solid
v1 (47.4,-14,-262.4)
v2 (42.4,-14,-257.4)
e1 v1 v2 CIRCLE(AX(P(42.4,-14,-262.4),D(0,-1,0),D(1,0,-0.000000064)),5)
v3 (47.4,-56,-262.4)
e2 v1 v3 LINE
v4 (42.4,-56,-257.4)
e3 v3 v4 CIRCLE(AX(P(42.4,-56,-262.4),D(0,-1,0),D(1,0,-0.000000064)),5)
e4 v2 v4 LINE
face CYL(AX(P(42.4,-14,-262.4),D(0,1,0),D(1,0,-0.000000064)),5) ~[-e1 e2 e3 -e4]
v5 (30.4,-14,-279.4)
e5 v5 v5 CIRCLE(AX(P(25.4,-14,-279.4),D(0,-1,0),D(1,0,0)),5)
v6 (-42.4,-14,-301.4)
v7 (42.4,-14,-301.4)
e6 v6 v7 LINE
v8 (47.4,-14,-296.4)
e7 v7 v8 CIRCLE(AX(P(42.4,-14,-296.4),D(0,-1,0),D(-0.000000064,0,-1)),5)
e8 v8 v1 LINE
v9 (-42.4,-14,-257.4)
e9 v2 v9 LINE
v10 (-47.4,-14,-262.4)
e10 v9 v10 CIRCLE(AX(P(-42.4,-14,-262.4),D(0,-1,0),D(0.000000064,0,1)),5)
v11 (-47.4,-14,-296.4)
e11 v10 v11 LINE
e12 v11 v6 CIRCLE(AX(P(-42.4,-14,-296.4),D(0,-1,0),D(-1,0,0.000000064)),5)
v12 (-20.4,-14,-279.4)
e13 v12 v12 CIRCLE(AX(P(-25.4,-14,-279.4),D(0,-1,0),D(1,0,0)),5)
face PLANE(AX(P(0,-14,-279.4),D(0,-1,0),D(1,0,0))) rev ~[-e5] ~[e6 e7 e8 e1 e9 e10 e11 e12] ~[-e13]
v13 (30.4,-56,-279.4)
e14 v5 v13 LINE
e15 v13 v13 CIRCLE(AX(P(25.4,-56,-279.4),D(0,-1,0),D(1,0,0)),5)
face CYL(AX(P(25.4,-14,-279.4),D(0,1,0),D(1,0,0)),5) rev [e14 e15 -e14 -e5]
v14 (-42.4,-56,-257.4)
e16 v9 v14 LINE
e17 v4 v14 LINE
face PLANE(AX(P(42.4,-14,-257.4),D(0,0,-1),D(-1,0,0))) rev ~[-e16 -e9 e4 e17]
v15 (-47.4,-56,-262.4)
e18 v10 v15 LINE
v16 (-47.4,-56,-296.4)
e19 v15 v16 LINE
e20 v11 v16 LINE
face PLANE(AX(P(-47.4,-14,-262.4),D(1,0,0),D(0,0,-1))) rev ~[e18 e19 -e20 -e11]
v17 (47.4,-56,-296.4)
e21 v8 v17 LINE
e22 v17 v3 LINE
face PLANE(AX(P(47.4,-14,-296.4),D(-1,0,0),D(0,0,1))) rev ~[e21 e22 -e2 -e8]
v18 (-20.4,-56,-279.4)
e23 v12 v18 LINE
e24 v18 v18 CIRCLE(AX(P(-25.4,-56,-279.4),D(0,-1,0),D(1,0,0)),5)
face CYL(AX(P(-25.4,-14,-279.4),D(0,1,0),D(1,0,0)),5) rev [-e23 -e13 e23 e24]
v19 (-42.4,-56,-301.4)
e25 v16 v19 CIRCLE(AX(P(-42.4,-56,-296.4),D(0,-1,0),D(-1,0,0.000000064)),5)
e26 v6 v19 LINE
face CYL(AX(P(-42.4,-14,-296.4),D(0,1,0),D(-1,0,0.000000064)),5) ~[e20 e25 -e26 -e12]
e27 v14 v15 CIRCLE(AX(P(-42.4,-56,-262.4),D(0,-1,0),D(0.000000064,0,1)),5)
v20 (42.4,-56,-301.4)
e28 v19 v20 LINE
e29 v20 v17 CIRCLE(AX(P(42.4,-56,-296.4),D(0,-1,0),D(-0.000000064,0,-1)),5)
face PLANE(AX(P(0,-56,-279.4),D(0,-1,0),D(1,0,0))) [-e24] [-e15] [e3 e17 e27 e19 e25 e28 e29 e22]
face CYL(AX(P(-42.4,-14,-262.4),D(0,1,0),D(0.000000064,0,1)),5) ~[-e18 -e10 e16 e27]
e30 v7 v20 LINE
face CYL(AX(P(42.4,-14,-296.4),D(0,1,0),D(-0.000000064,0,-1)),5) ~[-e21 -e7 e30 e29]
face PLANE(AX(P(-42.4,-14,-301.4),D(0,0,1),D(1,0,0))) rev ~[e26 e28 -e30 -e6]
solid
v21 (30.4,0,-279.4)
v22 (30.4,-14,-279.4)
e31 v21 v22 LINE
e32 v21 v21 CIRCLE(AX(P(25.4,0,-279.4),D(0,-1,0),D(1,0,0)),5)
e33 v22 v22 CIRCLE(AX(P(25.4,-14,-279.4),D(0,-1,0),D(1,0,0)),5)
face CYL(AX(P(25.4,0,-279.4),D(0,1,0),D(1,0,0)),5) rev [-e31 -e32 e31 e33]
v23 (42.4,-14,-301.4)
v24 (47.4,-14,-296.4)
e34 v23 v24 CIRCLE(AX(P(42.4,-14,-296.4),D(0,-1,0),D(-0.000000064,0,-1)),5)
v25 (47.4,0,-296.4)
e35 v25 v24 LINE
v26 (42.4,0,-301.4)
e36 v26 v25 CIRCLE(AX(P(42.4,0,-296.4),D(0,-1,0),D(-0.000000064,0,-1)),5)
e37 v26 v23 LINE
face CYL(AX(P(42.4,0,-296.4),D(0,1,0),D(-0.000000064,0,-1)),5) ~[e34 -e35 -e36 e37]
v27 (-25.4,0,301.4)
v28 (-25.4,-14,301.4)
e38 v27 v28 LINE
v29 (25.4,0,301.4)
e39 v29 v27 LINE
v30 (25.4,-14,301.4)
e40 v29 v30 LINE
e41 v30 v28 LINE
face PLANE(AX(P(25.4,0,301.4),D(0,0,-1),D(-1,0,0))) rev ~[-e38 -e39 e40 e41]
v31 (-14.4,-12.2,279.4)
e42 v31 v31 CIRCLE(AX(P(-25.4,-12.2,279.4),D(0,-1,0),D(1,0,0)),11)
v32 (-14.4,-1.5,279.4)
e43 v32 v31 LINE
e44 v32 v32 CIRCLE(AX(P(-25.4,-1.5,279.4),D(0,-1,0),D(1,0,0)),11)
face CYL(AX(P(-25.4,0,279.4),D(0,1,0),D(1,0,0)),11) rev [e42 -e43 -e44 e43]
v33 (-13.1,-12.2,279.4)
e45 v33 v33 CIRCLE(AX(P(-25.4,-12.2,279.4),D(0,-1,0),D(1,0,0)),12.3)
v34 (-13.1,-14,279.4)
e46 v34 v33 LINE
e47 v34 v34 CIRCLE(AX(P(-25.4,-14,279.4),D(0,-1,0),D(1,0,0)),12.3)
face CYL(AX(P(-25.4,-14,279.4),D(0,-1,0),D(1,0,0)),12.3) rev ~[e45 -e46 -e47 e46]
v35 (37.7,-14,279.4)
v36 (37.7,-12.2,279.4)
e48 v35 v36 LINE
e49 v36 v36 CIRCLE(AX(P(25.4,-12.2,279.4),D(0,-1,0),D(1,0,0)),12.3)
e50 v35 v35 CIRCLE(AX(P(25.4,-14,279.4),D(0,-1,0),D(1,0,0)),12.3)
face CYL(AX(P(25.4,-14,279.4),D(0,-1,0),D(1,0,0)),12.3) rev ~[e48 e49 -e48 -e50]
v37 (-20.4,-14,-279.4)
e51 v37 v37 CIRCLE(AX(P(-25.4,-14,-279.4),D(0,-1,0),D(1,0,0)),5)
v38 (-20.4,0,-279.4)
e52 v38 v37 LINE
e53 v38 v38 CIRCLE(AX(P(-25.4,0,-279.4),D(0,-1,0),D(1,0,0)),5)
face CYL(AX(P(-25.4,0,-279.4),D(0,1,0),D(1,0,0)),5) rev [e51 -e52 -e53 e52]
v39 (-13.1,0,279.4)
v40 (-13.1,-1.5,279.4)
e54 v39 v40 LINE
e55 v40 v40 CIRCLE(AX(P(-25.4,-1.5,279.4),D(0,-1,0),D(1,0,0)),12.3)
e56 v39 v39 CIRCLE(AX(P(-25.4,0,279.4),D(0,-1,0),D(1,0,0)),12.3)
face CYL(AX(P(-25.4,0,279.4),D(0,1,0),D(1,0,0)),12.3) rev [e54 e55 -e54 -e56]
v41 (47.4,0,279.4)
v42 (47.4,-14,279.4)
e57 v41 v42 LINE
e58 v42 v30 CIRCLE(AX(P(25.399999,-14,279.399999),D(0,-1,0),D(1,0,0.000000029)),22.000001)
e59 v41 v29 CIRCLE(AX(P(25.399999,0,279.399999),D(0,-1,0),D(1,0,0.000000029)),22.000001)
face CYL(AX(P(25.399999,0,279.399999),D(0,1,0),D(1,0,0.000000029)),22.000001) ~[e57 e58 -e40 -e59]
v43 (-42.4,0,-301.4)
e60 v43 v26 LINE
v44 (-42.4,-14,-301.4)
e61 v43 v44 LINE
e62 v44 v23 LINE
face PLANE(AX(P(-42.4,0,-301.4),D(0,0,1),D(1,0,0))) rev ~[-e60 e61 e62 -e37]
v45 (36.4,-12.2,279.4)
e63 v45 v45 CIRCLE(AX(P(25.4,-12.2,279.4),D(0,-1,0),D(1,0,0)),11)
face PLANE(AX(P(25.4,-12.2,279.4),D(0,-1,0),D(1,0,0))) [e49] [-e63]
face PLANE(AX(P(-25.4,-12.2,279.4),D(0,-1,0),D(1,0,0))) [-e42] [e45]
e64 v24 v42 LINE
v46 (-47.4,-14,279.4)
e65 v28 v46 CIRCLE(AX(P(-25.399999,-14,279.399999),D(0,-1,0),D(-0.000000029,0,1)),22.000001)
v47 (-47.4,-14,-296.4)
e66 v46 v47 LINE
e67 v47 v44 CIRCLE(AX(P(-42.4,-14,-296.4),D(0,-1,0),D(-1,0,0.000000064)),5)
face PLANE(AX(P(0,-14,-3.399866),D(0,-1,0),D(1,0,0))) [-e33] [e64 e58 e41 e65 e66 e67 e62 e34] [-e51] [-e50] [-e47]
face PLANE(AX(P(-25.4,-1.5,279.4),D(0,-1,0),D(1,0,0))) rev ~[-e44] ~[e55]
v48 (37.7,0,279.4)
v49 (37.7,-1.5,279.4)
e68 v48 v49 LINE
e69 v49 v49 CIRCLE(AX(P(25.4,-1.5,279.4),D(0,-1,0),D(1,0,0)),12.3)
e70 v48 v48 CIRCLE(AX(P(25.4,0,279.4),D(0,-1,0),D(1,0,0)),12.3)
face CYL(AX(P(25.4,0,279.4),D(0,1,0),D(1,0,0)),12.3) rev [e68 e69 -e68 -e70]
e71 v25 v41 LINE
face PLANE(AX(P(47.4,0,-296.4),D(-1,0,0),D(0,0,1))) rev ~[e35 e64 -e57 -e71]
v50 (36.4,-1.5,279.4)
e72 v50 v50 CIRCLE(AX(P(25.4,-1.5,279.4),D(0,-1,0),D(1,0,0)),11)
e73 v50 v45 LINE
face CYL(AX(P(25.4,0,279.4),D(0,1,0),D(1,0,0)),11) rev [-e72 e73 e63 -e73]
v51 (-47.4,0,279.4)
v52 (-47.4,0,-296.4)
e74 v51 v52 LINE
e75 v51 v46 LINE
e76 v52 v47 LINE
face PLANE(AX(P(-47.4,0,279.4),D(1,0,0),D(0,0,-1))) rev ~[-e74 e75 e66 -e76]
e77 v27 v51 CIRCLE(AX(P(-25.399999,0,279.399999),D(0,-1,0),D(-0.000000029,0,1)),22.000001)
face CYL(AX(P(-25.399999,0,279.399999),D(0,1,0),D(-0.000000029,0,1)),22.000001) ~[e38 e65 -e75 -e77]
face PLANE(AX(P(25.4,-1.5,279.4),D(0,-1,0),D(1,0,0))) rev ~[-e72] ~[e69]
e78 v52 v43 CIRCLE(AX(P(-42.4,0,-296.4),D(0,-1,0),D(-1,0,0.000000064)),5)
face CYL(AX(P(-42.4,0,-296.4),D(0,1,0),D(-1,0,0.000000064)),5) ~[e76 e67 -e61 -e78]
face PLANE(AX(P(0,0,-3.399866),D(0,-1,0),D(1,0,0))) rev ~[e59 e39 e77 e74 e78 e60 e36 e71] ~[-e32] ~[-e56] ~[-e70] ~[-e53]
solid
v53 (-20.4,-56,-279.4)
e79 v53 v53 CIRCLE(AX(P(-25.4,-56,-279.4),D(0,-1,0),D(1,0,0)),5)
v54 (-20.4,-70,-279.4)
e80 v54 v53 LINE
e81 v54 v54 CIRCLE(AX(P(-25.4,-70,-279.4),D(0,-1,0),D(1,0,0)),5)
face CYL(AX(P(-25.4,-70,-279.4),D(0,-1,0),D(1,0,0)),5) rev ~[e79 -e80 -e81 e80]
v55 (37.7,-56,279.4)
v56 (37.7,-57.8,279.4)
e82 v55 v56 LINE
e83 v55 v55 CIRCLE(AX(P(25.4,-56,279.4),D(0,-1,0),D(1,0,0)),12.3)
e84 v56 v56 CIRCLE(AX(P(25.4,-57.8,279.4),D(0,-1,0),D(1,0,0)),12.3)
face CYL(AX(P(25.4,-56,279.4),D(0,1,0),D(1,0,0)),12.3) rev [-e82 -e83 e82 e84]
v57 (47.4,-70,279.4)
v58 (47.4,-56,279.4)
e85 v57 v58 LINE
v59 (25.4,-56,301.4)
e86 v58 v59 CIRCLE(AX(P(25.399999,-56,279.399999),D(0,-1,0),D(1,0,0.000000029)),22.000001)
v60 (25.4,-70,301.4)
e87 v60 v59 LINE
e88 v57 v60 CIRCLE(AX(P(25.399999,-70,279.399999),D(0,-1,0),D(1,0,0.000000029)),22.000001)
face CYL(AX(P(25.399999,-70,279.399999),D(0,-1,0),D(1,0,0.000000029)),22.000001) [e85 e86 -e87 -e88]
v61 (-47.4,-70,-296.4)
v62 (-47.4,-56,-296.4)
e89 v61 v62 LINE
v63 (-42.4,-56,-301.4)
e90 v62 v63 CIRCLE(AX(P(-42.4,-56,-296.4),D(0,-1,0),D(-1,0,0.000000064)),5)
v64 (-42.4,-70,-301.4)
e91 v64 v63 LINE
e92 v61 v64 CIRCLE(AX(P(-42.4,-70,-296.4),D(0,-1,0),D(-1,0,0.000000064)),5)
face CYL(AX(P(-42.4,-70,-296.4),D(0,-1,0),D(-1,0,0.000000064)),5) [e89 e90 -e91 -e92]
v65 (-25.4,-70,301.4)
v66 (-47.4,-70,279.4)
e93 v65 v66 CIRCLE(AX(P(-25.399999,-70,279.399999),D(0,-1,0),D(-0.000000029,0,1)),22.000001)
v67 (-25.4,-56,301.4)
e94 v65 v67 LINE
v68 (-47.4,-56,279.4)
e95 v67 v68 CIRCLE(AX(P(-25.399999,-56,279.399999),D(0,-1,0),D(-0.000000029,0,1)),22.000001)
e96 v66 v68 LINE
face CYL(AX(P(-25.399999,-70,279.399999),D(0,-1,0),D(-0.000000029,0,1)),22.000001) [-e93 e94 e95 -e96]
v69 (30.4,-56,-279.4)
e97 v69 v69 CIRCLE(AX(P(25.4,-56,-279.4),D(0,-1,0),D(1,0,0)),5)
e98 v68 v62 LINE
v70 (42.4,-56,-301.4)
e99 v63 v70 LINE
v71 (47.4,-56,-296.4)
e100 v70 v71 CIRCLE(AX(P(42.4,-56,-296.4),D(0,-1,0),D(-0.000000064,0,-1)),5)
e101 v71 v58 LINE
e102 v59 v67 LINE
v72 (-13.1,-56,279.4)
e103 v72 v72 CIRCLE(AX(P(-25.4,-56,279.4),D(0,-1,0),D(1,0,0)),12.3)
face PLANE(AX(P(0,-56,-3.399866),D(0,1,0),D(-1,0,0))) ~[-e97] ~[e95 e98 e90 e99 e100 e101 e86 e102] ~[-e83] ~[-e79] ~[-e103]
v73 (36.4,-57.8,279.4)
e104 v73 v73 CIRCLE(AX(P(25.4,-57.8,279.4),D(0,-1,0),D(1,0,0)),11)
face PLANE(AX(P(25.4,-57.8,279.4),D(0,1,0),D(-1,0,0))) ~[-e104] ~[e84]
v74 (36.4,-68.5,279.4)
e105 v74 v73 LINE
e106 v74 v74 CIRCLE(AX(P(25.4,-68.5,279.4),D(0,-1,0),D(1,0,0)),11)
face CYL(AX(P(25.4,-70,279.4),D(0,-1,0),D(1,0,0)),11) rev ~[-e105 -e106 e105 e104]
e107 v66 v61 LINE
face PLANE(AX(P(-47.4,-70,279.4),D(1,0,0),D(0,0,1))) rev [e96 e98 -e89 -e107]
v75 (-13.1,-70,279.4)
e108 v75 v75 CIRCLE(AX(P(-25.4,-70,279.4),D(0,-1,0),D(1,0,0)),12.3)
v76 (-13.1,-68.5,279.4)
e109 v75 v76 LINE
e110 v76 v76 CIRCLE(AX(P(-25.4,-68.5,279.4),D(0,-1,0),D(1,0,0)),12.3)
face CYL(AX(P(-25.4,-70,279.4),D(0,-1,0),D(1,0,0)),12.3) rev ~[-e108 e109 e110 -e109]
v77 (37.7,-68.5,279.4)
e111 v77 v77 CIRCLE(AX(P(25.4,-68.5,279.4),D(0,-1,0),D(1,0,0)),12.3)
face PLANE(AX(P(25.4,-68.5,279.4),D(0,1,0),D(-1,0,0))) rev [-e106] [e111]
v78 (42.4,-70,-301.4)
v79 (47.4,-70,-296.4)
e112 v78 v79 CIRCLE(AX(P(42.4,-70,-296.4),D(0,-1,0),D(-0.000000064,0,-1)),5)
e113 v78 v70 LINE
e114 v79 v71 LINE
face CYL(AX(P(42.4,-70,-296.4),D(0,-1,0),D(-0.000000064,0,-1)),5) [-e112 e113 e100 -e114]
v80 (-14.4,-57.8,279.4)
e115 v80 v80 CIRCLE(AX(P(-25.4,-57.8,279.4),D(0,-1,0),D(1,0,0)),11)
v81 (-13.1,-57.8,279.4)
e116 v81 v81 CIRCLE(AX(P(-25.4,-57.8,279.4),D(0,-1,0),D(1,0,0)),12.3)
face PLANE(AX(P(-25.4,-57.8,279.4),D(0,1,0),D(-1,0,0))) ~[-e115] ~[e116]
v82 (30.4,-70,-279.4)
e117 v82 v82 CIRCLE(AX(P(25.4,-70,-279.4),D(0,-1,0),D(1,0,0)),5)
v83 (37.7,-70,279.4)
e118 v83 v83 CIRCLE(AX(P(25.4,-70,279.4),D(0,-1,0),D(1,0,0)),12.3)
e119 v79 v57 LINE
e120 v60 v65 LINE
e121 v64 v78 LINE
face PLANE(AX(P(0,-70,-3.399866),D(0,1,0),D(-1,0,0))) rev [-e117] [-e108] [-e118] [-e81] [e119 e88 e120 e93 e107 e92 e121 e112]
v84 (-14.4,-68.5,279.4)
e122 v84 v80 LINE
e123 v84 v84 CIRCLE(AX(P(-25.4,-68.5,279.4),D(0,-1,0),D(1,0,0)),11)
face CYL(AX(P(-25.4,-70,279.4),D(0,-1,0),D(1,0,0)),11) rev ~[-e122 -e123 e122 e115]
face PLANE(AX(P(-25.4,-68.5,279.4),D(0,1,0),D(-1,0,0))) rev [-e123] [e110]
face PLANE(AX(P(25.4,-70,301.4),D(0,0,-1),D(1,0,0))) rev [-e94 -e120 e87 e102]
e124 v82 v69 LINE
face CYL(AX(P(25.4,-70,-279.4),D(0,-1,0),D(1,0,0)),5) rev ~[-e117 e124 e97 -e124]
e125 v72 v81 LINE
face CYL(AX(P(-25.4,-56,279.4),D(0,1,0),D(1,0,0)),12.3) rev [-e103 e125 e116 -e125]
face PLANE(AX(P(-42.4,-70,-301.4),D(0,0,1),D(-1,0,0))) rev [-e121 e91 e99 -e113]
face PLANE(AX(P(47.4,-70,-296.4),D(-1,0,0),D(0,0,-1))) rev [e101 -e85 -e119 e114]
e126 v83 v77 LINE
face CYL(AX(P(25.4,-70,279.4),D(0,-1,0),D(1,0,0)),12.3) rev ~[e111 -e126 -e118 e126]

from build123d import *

# Parameters (mm, degrees)
F0_R     = 5
F0_R_2   = 12.3
F0_R_3   = 11
F1_DEPTH = 14
F2_DEPTH = 1.5
F3_R     = 12.3
F3_R_2   = 11
F4_DEPTH = 1.8
F5_R     = 5
F6_DEPTH = 42


with BuildPart() as f1:
    # F0 (on Front) → F1 (new body)
    with BuildSketch(Plane.XZ):
        with BuildLine():
            Line((25.4, 301.4), (-25.4, 301.4))
            ThreePointArc((-25.4, 301.4), (-40.956349, 294.956349), (-47.4, 279.4))
            Line((-47.4, 279.4), (-47.4, -296.4))
            ThreePointArc((-47.4, -296.4), (-45.935534, -299.935534), (-42.4, -301.4))
            Line((-42.4, -301.4), (42.4, -301.4))
            ThreePointArc((42.4, -301.4), (45.935534, -299.935534), (47.4, -296.4))
            Line((47.4, -296.4), (47.4, 279.4))
            ThreePointArc((47.4, 279.4), (40.956349, 294.956349), (25.4, 301.4))
        make_face()
        with Locations((-25.4, -279.4)):
            Circle(F0_R, mode=Mode.SUBTRACT)
        with Locations((25.4, -279.4)):
            Circle(F0_R, mode=Mode.SUBTRACT)
        with Locations((-25.4, 279.4)):
            Circle(F0_R_2, mode=Mode.SUBTRACT)
        with Locations((25.4, 279.4)):
            Circle(F0_R_2, mode=Mode.SUBTRACT)
        with Locations((-25.4, 279.4)):
            Circle(F0_R_2)
        with Locations((-25.4, 279.4)):
            Circle(F0_R_3, mode=Mode.SUBTRACT)
        with Locations((25.4, 279.4)):
            Circle(F0_R_2)
        with Locations((25.4, 279.4)):
            Circle(F0_R_3, mode=Mode.SUBTRACT)
    extrude(amount=F1_DEPTH)

    # F0 (on Front) → F2 (cut)
    with BuildSketch(Plane.XZ):
        with Locations((-25.4, 279.4)):
            Circle(F0_R_2)
        with Locations((-25.4, 279.4)):
            Circle(F0_R_3, mode=Mode.SUBTRACT)
        with Locations((25.4, 279.4)):
            Circle(F0_R_2)
        with Locations((25.4, 279.4)):
            Circle(F0_R_3, mode=Mode.SUBTRACT)
    extrude(amount=F2_DEPTH, mode=Mode.SUBTRACT)

    # F3 (on face) → F4 (cut)
    with BuildSketch(Plane.XZ.offset(14)):
        with Locations((-25.4, 279.4)):
            Circle(F3_R)
        with Locations((-25.4, 279.4)):
            Circle(F3_R_2, mode=Mode.SUBTRACT)
        with Locations((25.4, 279.4)):
            Circle(F3_R)
        with Locations((25.4, 279.4)):
            Circle(F3_R_2, mode=Mode.SUBTRACT)
    extrude(amount=-F4_DEPTH, mode=Mode.SUBTRACT)


with BuildPart() as f6:
    # F5 (on face) → F6 (new body)
    with BuildSketch(Plane.XZ.offset(14)):
        with BuildLine():
            ThreePointArc((-42.4, -257.4), (-45.935534, -258.864466), (-47.4, -262.4))
            Line((-47.4, -262.4), (-47.4, -296.4))
            ThreePointArc((-47.4, -296.4), (-45.935534, -299.935534), (-42.4, -301.4))
            Line((-42.4, -301.4), (42.4, -301.4))
            ThreePointArc((42.4, -301.4), (45.935534, -299.935534), (47.4, -296.4))
            Line((47.4, -296.4), (47.4, -262.4))
            ThreePointArc((47.4, -262.4), (45.935534, -258.864466), (42.4, -257.4))
            Line((42.4, -257.4), (-42.4, -257.4))
        make_face()
        with Locations((-25.4, -279.4)):
            Circle(F5_R, mode=Mode.SUBTRACT)
        with Locations((25.4, -279.4)):
            Circle(F5_R, mode=Mode.SUBTRACT)
    extrude(amount=F6_DEPTH)


with BuildPart() as f8_1:
    # F8: instance of F1
    add(f1.part.mirror(Plane(origin=(0, -35, -5.017496), x_dir=(1, 0, 0), z_dir=(0, -1, 0))))


solid = Compound([f1.part, f6.part, f8_1.part])
